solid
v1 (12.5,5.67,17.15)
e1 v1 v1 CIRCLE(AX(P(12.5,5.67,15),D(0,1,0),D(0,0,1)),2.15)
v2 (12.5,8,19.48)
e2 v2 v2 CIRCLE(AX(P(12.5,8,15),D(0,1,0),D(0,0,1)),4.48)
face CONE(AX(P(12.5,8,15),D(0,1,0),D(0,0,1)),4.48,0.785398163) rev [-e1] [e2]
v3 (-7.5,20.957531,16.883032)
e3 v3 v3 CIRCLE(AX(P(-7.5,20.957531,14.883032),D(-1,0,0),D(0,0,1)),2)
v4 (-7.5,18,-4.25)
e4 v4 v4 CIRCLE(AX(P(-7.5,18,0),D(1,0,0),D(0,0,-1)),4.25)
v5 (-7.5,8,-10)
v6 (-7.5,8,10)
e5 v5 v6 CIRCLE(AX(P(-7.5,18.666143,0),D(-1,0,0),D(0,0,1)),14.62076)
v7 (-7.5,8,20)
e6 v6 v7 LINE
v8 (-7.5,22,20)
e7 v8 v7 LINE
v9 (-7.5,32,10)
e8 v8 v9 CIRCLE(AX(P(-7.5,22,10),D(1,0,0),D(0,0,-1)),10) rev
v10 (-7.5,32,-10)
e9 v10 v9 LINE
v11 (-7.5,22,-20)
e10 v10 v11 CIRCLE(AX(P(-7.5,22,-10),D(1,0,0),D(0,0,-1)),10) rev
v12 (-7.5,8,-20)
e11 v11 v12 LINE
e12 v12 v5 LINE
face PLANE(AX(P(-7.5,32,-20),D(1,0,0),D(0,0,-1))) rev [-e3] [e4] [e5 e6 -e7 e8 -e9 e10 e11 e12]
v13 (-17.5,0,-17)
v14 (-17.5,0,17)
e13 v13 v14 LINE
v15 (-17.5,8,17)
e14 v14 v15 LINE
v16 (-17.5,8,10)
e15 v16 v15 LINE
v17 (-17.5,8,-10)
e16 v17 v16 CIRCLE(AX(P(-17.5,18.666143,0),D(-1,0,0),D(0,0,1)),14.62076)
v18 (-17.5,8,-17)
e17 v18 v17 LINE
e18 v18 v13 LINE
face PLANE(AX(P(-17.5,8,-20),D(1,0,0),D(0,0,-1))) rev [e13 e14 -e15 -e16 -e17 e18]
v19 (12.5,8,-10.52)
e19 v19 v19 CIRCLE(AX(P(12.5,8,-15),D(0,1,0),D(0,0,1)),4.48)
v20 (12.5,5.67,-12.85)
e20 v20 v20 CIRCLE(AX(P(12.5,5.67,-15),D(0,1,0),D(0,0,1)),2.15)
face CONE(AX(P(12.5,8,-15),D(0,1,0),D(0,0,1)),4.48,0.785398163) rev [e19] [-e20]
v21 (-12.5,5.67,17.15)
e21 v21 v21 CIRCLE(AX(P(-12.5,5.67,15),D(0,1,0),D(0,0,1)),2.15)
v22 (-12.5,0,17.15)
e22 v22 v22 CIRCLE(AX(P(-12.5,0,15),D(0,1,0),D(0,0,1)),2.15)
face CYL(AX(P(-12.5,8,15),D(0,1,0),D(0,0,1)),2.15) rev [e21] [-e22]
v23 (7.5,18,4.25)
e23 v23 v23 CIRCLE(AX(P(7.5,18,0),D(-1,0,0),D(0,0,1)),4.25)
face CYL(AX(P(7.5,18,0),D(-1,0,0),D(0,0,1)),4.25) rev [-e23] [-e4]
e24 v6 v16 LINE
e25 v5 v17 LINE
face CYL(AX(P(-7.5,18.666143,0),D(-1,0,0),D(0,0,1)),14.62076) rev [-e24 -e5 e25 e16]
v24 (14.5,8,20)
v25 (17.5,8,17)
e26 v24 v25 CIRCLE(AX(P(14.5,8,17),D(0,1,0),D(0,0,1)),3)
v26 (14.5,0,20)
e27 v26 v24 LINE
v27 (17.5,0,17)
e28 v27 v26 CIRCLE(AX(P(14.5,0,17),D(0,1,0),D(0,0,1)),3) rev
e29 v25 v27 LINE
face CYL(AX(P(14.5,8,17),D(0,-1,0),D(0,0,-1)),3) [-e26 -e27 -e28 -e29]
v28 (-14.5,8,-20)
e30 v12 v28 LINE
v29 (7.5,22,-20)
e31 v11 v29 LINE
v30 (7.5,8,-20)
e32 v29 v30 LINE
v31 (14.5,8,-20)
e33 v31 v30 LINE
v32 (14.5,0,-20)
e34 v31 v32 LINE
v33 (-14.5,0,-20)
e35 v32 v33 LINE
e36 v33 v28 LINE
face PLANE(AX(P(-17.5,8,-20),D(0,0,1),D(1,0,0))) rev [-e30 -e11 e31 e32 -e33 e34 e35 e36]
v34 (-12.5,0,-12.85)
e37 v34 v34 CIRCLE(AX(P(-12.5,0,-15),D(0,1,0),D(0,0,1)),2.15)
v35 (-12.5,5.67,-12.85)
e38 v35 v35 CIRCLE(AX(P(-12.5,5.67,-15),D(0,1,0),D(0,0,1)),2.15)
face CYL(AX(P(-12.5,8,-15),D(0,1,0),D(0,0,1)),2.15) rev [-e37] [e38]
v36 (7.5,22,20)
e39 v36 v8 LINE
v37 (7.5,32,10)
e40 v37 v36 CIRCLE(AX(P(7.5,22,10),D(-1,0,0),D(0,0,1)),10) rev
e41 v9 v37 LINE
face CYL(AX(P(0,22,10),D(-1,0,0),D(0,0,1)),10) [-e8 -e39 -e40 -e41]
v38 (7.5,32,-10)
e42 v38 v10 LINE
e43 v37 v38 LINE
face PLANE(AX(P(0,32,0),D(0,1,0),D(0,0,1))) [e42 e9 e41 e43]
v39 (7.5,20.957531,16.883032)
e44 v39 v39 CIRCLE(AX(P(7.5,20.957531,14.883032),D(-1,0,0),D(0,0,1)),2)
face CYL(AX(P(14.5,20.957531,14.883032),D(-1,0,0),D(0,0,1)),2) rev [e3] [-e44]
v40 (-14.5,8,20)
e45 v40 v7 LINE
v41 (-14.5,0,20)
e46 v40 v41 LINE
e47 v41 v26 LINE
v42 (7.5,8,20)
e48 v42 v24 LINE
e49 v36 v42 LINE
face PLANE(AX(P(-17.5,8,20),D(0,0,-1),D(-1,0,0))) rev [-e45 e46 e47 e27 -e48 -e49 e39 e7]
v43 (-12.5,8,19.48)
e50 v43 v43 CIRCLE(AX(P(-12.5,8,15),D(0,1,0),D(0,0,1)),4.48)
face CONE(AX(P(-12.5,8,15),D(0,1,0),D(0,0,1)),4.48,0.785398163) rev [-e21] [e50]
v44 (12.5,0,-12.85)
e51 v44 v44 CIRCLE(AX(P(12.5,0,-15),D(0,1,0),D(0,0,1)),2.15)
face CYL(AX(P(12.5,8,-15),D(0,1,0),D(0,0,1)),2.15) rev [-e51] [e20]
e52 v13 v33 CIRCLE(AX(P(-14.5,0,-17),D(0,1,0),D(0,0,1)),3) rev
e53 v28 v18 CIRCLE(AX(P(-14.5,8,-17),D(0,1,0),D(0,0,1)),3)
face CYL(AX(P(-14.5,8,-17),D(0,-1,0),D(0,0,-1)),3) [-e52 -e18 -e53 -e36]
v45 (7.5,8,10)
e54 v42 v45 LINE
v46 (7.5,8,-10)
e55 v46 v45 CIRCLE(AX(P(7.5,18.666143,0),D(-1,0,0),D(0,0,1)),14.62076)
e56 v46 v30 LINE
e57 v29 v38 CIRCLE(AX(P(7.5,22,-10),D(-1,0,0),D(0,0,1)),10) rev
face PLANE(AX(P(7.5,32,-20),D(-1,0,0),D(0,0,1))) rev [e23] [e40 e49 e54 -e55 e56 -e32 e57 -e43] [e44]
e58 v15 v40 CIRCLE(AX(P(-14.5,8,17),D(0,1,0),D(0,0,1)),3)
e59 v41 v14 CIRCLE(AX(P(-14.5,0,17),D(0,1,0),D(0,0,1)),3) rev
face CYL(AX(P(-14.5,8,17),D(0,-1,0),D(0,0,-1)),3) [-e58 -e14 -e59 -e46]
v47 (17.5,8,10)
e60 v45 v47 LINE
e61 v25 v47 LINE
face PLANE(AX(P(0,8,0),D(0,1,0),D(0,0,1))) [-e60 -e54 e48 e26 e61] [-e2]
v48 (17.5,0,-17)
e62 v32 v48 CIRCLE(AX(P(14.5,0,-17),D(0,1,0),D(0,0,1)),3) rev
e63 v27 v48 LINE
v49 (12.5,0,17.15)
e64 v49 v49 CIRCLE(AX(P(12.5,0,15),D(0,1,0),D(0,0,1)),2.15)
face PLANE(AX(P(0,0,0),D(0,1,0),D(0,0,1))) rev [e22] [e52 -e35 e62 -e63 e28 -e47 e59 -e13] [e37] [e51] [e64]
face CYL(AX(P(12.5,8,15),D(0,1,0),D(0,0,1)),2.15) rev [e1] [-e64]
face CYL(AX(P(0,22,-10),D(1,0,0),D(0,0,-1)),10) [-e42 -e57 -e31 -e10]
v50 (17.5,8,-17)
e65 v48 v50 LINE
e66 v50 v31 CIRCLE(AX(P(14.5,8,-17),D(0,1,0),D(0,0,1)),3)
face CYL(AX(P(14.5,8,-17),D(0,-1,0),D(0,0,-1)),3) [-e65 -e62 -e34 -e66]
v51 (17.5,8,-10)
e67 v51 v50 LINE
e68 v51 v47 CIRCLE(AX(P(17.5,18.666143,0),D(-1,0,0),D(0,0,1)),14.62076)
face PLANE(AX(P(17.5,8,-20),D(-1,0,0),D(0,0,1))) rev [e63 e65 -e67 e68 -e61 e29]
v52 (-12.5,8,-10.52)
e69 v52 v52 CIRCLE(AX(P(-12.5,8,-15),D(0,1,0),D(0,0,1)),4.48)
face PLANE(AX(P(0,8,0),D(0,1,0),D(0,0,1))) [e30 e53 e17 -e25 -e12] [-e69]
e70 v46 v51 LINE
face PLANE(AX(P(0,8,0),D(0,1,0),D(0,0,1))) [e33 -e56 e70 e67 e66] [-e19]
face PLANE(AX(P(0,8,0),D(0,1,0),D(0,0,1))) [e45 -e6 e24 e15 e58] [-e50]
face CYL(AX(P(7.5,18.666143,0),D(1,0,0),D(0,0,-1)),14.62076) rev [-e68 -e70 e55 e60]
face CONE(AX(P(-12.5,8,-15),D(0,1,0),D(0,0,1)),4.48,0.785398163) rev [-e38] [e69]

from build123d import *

# Parameters (mm, degrees)
SKETCH_2_W                   = 35
SKETCH_2_H                   = 40
EXTRUDE_1_DEPTH              = 8
SKETCH_3_R                   = 2
CUT_EXTRUDE_2_DEPTH          = 10
SKETCH_4_W                   = 15
SKETCH_4_H                   = 40
EXTRUDE_2_DEPTH              = 24
SKETCH_5_R                   = 6.2
CUT_EXTRUDE_3_DEPTH          = 46.265881191
SKETCH_6_R                   = 10
CUT_EXTRUDE_4_DEPTH          = 3
FILLET_2_R                   = 3
FILLET_3_R                   = 10
HOLE_WIZARD_M4_1_D           = 4.3
HOLE_WIZARD_M4_1_DEPTH       = 8
HOLE_WIZARD_M4_1_CSINK_D     = 8.96
HOLE_WIZARD_M4_1_CSINK_ANGLE = 90
SKETCH_9_R                   = 10
EXTRUDE_3_DEPTH              = 3
SKETCH_10_R                  = 4.25
CUT_EXTRUDE_5_DEPTH          = 3
CUT_EXTRUDE_6_DEPTH          = 5
SKETCH_14_R                  = 6.2
SKETCH_14_R_2                = 4.25
EXTRUDE_4_DEPTH              = 12
SKETCH_15_R                  = 2
CUT_EXTRUDE_8_DEPTH          = 22


with BuildPart() as part:
    # 草图2 → 凸台-拉伸1 (new body)
    with BuildSketch(Plane(origin=(0, 0, 0), x_dir=(1, 0, 0), z_dir=(0, 1, 0))):
        Rectangle(SKETCH_2_W, SKETCH_2_H)
    extrude(amount=EXTRUDE_1_DEPTH)

    # 草图3 → 切除-拉伸2 (cut)
    with BuildSketch(Plane(origin=(0, 8, 0), x_dir=(1, 0, 0), z_dir=(0, 1, 0))):
        with Locations(Location((12.5, 15, 0), (0, 0, 270))):
            Circle(SKETCH_3_R)
        with Locations(Location((-12.5, 15, 0), (0, 0, 270))):
            Circle(SKETCH_3_R)
        with Locations(Location((-12.5, -15, 0), (0, 0, 270))):
            Circle(SKETCH_3_R)
        with Locations(Location((12.5, -15, 0), (0, 0, 270))):
            Circle(SKETCH_3_R)
    extrude(amount=-CUT_EXTRUDE_2_DEPTH, mode=Mode.SUBTRACT)

    # 草图4 → 凸台-拉伸2 (add)
    with BuildSketch(Plane(origin=(0, 8, 0), x_dir=(1, 0, 0), z_dir=(0, 1, 0))):
        Rectangle(SKETCH_4_W, SKETCH_4_H)
    extrude(amount=EXTRUDE_2_DEPTH)

    # 草图5 → 切除-拉伸3 (cut, through all)
    with BuildSketch(Plane(origin=(7.5, 0, 0), x_dir=(0, 0, -1), z_dir=(1, 0, 0))):
        with Locations((0, 18)):
            Circle(SKETCH_5_R)
    extrude(amount=-CUT_EXTRUDE_3_DEPTH, mode=Mode.SUBTRACT)

    # 草图6 → 切除-拉伸4 (cut)
    with BuildSketch(Plane(origin=(7.5, 0, 0), x_dir=(0, 0, -1), z_dir=(1, 0, 0))):
        with Locations((0, 18)):
            Circle(SKETCH_6_R)
    extrude(amount=-CUT_EXTRUDE_4_DEPTH, mode=Mode.SUBTRACT)

    # 圆角2
    fillet_2_edges = [part.edges().sort_by_distance(p)[0] for p in [
        (17.5, 4, -20),
        (-17.5, 4, -20),
        (-17.5, 4, 20),
        (17.5, 4, 20),
    ]]
    fillet(fillet_2_edges, radius=FILLET_2_R)

    # 圆角3
    fillet_3_edges = [part.edges().sort_by_distance(p)[0] for p in [
        (0, 32, 20),
        (0, 32, -20),
    ]]
    fillet(fillet_3_edges, radius=FILLET_3_R)

    # M4 六角凹锥坑螺钉的锥形沉头孔1
    with Locations(Plane(origin=(0, 8, 0), x_dir=(1, 0, 0), z_dir=(0, 1, 0))):
        with Locations((12.5, -15), (12.5, 15), (-12.5, 15), (-12.5, -15)):
            CounterSinkHole(HOLE_WIZARD_M4_1_D / 2, HOLE_WIZARD_M4_1_CSINK_D / 2, depth=HOLE_WIZARD_M4_1_DEPTH, counter_sink_angle=HOLE_WIZARD_M4_1_CSINK_ANGLE)

    # 草图9 → 凸台-拉伸3 (add)
    with BuildSketch(Plane(origin=(7.5, 0, 0), x_dir=(0, 0, -1), z_dir=(1, 0, 0))):
        with Locations((0, 18)):
            Circle(SKETCH_9_R)
    extrude(amount=-EXTRUDE_3_DEPTH)

    # 草图10 → 切除-拉伸5 (cut)
    with BuildSketch(Plane.ZY.offset(-4.5)):
        with Locations((0, 18)):
            Circle(SKETCH_10_R)
    extrude(amount=-CUT_EXTRUDE_5_DEPTH, mode=Mode.SUBTRACT)

    # 草图12 → 切除-拉伸6 (cut, symmetric)
    with BuildSketch(Plane.ZY.offset(12.5)):
        with BuildLine():
            Line((-10, 8), (10, 8))
            ThreePointArc((10, 8), (0, 4.045383588), (-10, 8))
        make_face()
    cut_extrude_6 = extrude(amount=CUT_EXTRUDE_6_DEPTH, both=True, mode=Mode.SUBTRACT)

    # 镜向1: 切除-拉伸6 across plane
    add(cut_extrude_6.mirror(Plane.ZY), mode=Mode.SUBTRACT)

    # 草图14 → 凸台-拉伸4 (add)
    with BuildSketch(Plane.ZY.offset(-4.5)):
        with Locations((0, 18)):
            Circle(SKETCH_14_R)
        with Locations((0, 18)):
            Circle(SKETCH_14_R_2, mode=Mode.SUBTRACT)
    extrude(amount=EXTRUDE_4_DEPTH)

    # 草图15 → 切除-拉伸8 (cut)
    with BuildSketch(Plane.ZY.offset(7.5)):
        with Locations((14.883032336, 20.9575309)):
            Circle(SKETCH_15_R)
    extrude(amount=-CUT_EXTRUDE_8_DEPTH, mode=Mode.SUBTRACT)


solid = part.part
